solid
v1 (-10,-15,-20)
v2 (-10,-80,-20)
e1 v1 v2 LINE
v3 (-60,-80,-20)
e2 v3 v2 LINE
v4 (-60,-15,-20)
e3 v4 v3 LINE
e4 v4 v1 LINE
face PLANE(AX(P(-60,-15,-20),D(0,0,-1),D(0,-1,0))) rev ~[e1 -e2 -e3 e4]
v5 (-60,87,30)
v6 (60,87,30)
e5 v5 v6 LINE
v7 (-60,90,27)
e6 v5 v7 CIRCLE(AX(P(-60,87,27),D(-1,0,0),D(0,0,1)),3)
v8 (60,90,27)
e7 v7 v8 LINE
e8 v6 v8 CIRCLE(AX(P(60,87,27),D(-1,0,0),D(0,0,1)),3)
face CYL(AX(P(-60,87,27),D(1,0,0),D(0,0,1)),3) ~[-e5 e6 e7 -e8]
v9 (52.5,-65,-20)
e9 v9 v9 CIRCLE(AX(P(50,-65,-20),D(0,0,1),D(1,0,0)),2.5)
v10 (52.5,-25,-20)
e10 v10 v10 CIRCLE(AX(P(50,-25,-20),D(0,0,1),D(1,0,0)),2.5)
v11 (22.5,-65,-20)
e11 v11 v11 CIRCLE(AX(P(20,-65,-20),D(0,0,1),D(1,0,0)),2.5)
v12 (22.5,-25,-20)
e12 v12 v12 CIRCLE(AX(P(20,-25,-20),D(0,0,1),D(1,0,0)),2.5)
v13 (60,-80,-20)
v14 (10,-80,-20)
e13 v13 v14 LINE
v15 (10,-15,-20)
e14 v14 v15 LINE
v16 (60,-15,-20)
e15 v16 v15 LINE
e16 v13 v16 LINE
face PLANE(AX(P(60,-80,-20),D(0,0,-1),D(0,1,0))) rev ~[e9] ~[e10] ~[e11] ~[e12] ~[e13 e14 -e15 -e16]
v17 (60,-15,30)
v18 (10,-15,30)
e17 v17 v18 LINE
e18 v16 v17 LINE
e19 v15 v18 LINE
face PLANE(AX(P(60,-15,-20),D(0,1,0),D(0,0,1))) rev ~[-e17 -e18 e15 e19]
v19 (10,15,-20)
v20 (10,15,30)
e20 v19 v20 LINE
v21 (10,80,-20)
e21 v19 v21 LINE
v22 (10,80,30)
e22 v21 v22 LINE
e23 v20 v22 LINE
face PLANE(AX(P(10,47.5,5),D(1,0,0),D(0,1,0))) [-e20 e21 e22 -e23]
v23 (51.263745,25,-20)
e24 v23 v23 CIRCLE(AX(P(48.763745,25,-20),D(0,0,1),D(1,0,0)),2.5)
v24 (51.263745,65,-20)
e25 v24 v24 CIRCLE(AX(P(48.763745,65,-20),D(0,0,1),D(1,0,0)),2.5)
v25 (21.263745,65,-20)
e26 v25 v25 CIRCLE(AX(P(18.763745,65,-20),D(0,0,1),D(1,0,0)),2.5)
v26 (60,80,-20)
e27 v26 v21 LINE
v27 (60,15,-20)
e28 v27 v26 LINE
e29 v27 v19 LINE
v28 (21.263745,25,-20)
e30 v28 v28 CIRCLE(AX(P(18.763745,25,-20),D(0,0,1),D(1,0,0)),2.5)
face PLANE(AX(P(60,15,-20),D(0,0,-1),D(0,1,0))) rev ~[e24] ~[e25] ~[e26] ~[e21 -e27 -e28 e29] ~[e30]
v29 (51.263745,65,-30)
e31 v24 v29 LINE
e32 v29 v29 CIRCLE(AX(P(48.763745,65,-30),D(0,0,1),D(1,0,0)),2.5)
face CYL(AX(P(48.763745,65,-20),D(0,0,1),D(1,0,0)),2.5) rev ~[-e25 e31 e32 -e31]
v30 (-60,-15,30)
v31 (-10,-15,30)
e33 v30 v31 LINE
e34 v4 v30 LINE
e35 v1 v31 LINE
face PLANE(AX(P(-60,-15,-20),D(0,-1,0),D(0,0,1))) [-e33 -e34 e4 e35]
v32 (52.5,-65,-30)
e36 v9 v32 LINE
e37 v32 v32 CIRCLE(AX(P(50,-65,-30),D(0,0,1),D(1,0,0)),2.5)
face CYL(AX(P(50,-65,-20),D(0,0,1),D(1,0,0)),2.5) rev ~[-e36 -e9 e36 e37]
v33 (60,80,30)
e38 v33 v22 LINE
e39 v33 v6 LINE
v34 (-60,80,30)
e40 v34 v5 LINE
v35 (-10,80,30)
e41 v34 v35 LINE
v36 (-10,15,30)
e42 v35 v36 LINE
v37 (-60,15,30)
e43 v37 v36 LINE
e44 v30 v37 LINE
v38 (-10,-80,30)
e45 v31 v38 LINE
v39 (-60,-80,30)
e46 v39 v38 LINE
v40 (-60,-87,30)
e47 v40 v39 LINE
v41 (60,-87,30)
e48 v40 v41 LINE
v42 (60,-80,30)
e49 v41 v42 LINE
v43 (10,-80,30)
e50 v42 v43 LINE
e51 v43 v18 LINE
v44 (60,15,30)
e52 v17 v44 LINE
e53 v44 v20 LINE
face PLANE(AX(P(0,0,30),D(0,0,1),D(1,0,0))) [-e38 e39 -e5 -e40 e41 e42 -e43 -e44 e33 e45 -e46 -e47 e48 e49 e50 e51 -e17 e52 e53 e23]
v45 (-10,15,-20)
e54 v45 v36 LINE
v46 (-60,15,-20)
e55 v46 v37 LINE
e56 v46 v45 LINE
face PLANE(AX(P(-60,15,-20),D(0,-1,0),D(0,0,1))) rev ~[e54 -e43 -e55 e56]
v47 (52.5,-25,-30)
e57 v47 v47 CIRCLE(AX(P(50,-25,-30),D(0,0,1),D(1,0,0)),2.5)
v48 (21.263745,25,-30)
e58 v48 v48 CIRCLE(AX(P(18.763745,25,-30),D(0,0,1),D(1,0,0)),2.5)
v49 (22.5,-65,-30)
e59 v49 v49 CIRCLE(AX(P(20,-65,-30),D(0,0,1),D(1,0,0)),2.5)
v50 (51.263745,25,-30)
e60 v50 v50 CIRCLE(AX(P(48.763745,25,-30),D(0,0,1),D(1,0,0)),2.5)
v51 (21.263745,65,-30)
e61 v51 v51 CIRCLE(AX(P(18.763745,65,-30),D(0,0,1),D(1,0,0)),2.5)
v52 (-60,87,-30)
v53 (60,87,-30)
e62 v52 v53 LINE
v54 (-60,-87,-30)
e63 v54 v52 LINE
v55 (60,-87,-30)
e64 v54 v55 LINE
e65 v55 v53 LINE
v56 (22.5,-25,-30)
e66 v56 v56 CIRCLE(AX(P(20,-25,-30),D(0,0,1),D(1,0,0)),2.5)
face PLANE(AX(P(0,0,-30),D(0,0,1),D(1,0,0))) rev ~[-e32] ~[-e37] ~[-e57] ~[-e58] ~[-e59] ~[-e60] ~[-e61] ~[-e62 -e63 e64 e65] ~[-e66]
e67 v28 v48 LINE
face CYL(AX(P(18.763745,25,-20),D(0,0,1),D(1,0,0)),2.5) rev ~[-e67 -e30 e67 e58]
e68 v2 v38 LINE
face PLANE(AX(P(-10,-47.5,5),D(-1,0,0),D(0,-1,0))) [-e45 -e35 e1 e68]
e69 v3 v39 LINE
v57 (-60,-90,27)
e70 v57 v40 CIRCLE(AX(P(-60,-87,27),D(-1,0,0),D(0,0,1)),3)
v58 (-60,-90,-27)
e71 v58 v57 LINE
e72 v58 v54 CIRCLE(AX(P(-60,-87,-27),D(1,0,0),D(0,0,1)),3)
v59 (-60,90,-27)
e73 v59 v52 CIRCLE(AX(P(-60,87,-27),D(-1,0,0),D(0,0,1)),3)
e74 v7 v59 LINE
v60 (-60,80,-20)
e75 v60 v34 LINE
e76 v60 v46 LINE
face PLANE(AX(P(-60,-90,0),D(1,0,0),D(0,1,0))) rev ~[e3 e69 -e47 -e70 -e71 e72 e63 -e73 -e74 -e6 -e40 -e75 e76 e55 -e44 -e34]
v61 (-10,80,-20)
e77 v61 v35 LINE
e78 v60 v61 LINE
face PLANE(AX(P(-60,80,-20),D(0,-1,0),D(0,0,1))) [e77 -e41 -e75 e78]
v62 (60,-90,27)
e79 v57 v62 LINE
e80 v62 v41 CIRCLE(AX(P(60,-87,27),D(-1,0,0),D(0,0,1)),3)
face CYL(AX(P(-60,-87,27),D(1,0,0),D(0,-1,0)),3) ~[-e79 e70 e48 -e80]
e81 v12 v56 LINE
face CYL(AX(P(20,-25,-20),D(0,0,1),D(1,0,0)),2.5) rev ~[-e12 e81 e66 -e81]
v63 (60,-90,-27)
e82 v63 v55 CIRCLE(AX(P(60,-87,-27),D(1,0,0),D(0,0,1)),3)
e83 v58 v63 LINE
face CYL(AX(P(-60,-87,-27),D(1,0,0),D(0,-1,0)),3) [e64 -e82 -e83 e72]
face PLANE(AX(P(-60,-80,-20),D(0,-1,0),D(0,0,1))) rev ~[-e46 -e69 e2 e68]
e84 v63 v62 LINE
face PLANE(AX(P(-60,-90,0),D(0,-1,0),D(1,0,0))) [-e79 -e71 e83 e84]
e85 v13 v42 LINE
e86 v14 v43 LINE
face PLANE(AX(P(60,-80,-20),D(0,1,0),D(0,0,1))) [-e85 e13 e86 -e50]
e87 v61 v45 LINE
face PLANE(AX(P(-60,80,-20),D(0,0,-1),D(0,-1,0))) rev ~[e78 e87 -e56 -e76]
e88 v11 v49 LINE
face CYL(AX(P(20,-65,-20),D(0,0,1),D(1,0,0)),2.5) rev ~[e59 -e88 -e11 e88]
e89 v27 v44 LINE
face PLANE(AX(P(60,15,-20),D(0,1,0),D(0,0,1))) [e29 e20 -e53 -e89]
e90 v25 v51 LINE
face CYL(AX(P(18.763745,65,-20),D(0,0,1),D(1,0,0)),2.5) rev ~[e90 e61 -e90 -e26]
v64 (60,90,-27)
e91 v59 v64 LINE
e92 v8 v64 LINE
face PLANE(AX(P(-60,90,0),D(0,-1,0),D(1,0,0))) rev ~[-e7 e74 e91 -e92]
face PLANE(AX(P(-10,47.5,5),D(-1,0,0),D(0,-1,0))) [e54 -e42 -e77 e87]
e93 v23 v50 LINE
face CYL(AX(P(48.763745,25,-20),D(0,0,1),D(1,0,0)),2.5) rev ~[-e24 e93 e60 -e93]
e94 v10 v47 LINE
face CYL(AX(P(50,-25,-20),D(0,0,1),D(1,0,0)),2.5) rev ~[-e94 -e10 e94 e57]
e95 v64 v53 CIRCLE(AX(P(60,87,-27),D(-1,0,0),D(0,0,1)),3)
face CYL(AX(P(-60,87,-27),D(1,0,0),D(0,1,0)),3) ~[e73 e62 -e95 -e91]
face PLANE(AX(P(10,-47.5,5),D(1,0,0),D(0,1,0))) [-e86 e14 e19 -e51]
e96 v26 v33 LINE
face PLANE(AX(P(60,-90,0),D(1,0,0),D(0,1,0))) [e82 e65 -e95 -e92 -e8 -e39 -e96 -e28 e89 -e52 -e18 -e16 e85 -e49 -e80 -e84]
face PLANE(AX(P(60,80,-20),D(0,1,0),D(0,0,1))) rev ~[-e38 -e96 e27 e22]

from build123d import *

# Parameters (mm, degrees)
F0_W          = 120
F0_H          = 180
F1_DEPTH      = 30
F2_W          = 65
F2_H          = 50
F4_DEPTH      = 50
F3_W          = 65
F3_H          = 50
F5_DEPTH      = 50
F6_R          = 3
F7_R          = 2.5
F8_DEPTH      = 25
F8_DEPTH_BACK = 25


with BuildPart() as f1:
    # F0 (on Top) → F1 (new body, symmetric)
    with BuildSketch(Plane.XY):
        Rectangle(F0_W, F0_H)
    extrude(amount=F1_DEPTH, both=True)

    # F2 (on face) → F4 (cut)
    with BuildSketch(Plane.YZ.offset(60)):
        with Locations((-47.5, 5)):
            Rectangle(F2_W, F2_H)
        with Locations((47.5, 5)):
            Rectangle(F2_W, F2_H)
    extrude(amount=-F4_DEPTH, mode=Mode.SUBTRACT)

    # F3 (on face) → F5 (cut)
    with BuildSketch(Plane(origin=(-60, 0, 0), x_dir=(0, -1, 0), z_dir=(-1, 0, 0))):
        with Locations((-47.5, 5)):
            Rectangle(F3_W, F3_H)
        with Locations((47.5, 5)):
            Rectangle(F3_W, F3_H)
    extrude(amount=-F5_DEPTH, mode=Mode.SUBTRACT)

    # F6
    f6_edges = [f1.edges().sort_by_distance(p)[0] for p in [
        (0, -90, 30),
        (0, 90, 30),
        (0, -90, -30),
        (0, 90, -30),
    ]]
    fillet(f6_edges, radius=F6_R)

    # F7 (on face) → F8 (cut, two sides)
    with BuildSketch(Plane.XY.offset(-20)) as f8_sk:
        with Locations((50, -65)):
            Circle(F7_R)
        with Locations((50, -25)):
            Circle(F7_R)
        with Locations((20, -65)):
            Circle(F7_R)
        with Locations((20, -25)):
            Circle(F7_R)
        with Locations((48.7637452036, 25)):
            Circle(F7_R)
        with Locations((18.7637452036, 25)):
            Circle(F7_R)
        with Locations((18.7637452036, 65)):
            Circle(F7_R)
        with Locations((48.7637452036, 65)):
            Circle(F7_R)
    extrude(amount=-F8_DEPTH, mode=Mode.SUBTRACT)
    extrude(f8_sk.sketch, amount=F8_DEPTH_BACK, mode=Mode.SUBTRACT)


solid = f1.part
